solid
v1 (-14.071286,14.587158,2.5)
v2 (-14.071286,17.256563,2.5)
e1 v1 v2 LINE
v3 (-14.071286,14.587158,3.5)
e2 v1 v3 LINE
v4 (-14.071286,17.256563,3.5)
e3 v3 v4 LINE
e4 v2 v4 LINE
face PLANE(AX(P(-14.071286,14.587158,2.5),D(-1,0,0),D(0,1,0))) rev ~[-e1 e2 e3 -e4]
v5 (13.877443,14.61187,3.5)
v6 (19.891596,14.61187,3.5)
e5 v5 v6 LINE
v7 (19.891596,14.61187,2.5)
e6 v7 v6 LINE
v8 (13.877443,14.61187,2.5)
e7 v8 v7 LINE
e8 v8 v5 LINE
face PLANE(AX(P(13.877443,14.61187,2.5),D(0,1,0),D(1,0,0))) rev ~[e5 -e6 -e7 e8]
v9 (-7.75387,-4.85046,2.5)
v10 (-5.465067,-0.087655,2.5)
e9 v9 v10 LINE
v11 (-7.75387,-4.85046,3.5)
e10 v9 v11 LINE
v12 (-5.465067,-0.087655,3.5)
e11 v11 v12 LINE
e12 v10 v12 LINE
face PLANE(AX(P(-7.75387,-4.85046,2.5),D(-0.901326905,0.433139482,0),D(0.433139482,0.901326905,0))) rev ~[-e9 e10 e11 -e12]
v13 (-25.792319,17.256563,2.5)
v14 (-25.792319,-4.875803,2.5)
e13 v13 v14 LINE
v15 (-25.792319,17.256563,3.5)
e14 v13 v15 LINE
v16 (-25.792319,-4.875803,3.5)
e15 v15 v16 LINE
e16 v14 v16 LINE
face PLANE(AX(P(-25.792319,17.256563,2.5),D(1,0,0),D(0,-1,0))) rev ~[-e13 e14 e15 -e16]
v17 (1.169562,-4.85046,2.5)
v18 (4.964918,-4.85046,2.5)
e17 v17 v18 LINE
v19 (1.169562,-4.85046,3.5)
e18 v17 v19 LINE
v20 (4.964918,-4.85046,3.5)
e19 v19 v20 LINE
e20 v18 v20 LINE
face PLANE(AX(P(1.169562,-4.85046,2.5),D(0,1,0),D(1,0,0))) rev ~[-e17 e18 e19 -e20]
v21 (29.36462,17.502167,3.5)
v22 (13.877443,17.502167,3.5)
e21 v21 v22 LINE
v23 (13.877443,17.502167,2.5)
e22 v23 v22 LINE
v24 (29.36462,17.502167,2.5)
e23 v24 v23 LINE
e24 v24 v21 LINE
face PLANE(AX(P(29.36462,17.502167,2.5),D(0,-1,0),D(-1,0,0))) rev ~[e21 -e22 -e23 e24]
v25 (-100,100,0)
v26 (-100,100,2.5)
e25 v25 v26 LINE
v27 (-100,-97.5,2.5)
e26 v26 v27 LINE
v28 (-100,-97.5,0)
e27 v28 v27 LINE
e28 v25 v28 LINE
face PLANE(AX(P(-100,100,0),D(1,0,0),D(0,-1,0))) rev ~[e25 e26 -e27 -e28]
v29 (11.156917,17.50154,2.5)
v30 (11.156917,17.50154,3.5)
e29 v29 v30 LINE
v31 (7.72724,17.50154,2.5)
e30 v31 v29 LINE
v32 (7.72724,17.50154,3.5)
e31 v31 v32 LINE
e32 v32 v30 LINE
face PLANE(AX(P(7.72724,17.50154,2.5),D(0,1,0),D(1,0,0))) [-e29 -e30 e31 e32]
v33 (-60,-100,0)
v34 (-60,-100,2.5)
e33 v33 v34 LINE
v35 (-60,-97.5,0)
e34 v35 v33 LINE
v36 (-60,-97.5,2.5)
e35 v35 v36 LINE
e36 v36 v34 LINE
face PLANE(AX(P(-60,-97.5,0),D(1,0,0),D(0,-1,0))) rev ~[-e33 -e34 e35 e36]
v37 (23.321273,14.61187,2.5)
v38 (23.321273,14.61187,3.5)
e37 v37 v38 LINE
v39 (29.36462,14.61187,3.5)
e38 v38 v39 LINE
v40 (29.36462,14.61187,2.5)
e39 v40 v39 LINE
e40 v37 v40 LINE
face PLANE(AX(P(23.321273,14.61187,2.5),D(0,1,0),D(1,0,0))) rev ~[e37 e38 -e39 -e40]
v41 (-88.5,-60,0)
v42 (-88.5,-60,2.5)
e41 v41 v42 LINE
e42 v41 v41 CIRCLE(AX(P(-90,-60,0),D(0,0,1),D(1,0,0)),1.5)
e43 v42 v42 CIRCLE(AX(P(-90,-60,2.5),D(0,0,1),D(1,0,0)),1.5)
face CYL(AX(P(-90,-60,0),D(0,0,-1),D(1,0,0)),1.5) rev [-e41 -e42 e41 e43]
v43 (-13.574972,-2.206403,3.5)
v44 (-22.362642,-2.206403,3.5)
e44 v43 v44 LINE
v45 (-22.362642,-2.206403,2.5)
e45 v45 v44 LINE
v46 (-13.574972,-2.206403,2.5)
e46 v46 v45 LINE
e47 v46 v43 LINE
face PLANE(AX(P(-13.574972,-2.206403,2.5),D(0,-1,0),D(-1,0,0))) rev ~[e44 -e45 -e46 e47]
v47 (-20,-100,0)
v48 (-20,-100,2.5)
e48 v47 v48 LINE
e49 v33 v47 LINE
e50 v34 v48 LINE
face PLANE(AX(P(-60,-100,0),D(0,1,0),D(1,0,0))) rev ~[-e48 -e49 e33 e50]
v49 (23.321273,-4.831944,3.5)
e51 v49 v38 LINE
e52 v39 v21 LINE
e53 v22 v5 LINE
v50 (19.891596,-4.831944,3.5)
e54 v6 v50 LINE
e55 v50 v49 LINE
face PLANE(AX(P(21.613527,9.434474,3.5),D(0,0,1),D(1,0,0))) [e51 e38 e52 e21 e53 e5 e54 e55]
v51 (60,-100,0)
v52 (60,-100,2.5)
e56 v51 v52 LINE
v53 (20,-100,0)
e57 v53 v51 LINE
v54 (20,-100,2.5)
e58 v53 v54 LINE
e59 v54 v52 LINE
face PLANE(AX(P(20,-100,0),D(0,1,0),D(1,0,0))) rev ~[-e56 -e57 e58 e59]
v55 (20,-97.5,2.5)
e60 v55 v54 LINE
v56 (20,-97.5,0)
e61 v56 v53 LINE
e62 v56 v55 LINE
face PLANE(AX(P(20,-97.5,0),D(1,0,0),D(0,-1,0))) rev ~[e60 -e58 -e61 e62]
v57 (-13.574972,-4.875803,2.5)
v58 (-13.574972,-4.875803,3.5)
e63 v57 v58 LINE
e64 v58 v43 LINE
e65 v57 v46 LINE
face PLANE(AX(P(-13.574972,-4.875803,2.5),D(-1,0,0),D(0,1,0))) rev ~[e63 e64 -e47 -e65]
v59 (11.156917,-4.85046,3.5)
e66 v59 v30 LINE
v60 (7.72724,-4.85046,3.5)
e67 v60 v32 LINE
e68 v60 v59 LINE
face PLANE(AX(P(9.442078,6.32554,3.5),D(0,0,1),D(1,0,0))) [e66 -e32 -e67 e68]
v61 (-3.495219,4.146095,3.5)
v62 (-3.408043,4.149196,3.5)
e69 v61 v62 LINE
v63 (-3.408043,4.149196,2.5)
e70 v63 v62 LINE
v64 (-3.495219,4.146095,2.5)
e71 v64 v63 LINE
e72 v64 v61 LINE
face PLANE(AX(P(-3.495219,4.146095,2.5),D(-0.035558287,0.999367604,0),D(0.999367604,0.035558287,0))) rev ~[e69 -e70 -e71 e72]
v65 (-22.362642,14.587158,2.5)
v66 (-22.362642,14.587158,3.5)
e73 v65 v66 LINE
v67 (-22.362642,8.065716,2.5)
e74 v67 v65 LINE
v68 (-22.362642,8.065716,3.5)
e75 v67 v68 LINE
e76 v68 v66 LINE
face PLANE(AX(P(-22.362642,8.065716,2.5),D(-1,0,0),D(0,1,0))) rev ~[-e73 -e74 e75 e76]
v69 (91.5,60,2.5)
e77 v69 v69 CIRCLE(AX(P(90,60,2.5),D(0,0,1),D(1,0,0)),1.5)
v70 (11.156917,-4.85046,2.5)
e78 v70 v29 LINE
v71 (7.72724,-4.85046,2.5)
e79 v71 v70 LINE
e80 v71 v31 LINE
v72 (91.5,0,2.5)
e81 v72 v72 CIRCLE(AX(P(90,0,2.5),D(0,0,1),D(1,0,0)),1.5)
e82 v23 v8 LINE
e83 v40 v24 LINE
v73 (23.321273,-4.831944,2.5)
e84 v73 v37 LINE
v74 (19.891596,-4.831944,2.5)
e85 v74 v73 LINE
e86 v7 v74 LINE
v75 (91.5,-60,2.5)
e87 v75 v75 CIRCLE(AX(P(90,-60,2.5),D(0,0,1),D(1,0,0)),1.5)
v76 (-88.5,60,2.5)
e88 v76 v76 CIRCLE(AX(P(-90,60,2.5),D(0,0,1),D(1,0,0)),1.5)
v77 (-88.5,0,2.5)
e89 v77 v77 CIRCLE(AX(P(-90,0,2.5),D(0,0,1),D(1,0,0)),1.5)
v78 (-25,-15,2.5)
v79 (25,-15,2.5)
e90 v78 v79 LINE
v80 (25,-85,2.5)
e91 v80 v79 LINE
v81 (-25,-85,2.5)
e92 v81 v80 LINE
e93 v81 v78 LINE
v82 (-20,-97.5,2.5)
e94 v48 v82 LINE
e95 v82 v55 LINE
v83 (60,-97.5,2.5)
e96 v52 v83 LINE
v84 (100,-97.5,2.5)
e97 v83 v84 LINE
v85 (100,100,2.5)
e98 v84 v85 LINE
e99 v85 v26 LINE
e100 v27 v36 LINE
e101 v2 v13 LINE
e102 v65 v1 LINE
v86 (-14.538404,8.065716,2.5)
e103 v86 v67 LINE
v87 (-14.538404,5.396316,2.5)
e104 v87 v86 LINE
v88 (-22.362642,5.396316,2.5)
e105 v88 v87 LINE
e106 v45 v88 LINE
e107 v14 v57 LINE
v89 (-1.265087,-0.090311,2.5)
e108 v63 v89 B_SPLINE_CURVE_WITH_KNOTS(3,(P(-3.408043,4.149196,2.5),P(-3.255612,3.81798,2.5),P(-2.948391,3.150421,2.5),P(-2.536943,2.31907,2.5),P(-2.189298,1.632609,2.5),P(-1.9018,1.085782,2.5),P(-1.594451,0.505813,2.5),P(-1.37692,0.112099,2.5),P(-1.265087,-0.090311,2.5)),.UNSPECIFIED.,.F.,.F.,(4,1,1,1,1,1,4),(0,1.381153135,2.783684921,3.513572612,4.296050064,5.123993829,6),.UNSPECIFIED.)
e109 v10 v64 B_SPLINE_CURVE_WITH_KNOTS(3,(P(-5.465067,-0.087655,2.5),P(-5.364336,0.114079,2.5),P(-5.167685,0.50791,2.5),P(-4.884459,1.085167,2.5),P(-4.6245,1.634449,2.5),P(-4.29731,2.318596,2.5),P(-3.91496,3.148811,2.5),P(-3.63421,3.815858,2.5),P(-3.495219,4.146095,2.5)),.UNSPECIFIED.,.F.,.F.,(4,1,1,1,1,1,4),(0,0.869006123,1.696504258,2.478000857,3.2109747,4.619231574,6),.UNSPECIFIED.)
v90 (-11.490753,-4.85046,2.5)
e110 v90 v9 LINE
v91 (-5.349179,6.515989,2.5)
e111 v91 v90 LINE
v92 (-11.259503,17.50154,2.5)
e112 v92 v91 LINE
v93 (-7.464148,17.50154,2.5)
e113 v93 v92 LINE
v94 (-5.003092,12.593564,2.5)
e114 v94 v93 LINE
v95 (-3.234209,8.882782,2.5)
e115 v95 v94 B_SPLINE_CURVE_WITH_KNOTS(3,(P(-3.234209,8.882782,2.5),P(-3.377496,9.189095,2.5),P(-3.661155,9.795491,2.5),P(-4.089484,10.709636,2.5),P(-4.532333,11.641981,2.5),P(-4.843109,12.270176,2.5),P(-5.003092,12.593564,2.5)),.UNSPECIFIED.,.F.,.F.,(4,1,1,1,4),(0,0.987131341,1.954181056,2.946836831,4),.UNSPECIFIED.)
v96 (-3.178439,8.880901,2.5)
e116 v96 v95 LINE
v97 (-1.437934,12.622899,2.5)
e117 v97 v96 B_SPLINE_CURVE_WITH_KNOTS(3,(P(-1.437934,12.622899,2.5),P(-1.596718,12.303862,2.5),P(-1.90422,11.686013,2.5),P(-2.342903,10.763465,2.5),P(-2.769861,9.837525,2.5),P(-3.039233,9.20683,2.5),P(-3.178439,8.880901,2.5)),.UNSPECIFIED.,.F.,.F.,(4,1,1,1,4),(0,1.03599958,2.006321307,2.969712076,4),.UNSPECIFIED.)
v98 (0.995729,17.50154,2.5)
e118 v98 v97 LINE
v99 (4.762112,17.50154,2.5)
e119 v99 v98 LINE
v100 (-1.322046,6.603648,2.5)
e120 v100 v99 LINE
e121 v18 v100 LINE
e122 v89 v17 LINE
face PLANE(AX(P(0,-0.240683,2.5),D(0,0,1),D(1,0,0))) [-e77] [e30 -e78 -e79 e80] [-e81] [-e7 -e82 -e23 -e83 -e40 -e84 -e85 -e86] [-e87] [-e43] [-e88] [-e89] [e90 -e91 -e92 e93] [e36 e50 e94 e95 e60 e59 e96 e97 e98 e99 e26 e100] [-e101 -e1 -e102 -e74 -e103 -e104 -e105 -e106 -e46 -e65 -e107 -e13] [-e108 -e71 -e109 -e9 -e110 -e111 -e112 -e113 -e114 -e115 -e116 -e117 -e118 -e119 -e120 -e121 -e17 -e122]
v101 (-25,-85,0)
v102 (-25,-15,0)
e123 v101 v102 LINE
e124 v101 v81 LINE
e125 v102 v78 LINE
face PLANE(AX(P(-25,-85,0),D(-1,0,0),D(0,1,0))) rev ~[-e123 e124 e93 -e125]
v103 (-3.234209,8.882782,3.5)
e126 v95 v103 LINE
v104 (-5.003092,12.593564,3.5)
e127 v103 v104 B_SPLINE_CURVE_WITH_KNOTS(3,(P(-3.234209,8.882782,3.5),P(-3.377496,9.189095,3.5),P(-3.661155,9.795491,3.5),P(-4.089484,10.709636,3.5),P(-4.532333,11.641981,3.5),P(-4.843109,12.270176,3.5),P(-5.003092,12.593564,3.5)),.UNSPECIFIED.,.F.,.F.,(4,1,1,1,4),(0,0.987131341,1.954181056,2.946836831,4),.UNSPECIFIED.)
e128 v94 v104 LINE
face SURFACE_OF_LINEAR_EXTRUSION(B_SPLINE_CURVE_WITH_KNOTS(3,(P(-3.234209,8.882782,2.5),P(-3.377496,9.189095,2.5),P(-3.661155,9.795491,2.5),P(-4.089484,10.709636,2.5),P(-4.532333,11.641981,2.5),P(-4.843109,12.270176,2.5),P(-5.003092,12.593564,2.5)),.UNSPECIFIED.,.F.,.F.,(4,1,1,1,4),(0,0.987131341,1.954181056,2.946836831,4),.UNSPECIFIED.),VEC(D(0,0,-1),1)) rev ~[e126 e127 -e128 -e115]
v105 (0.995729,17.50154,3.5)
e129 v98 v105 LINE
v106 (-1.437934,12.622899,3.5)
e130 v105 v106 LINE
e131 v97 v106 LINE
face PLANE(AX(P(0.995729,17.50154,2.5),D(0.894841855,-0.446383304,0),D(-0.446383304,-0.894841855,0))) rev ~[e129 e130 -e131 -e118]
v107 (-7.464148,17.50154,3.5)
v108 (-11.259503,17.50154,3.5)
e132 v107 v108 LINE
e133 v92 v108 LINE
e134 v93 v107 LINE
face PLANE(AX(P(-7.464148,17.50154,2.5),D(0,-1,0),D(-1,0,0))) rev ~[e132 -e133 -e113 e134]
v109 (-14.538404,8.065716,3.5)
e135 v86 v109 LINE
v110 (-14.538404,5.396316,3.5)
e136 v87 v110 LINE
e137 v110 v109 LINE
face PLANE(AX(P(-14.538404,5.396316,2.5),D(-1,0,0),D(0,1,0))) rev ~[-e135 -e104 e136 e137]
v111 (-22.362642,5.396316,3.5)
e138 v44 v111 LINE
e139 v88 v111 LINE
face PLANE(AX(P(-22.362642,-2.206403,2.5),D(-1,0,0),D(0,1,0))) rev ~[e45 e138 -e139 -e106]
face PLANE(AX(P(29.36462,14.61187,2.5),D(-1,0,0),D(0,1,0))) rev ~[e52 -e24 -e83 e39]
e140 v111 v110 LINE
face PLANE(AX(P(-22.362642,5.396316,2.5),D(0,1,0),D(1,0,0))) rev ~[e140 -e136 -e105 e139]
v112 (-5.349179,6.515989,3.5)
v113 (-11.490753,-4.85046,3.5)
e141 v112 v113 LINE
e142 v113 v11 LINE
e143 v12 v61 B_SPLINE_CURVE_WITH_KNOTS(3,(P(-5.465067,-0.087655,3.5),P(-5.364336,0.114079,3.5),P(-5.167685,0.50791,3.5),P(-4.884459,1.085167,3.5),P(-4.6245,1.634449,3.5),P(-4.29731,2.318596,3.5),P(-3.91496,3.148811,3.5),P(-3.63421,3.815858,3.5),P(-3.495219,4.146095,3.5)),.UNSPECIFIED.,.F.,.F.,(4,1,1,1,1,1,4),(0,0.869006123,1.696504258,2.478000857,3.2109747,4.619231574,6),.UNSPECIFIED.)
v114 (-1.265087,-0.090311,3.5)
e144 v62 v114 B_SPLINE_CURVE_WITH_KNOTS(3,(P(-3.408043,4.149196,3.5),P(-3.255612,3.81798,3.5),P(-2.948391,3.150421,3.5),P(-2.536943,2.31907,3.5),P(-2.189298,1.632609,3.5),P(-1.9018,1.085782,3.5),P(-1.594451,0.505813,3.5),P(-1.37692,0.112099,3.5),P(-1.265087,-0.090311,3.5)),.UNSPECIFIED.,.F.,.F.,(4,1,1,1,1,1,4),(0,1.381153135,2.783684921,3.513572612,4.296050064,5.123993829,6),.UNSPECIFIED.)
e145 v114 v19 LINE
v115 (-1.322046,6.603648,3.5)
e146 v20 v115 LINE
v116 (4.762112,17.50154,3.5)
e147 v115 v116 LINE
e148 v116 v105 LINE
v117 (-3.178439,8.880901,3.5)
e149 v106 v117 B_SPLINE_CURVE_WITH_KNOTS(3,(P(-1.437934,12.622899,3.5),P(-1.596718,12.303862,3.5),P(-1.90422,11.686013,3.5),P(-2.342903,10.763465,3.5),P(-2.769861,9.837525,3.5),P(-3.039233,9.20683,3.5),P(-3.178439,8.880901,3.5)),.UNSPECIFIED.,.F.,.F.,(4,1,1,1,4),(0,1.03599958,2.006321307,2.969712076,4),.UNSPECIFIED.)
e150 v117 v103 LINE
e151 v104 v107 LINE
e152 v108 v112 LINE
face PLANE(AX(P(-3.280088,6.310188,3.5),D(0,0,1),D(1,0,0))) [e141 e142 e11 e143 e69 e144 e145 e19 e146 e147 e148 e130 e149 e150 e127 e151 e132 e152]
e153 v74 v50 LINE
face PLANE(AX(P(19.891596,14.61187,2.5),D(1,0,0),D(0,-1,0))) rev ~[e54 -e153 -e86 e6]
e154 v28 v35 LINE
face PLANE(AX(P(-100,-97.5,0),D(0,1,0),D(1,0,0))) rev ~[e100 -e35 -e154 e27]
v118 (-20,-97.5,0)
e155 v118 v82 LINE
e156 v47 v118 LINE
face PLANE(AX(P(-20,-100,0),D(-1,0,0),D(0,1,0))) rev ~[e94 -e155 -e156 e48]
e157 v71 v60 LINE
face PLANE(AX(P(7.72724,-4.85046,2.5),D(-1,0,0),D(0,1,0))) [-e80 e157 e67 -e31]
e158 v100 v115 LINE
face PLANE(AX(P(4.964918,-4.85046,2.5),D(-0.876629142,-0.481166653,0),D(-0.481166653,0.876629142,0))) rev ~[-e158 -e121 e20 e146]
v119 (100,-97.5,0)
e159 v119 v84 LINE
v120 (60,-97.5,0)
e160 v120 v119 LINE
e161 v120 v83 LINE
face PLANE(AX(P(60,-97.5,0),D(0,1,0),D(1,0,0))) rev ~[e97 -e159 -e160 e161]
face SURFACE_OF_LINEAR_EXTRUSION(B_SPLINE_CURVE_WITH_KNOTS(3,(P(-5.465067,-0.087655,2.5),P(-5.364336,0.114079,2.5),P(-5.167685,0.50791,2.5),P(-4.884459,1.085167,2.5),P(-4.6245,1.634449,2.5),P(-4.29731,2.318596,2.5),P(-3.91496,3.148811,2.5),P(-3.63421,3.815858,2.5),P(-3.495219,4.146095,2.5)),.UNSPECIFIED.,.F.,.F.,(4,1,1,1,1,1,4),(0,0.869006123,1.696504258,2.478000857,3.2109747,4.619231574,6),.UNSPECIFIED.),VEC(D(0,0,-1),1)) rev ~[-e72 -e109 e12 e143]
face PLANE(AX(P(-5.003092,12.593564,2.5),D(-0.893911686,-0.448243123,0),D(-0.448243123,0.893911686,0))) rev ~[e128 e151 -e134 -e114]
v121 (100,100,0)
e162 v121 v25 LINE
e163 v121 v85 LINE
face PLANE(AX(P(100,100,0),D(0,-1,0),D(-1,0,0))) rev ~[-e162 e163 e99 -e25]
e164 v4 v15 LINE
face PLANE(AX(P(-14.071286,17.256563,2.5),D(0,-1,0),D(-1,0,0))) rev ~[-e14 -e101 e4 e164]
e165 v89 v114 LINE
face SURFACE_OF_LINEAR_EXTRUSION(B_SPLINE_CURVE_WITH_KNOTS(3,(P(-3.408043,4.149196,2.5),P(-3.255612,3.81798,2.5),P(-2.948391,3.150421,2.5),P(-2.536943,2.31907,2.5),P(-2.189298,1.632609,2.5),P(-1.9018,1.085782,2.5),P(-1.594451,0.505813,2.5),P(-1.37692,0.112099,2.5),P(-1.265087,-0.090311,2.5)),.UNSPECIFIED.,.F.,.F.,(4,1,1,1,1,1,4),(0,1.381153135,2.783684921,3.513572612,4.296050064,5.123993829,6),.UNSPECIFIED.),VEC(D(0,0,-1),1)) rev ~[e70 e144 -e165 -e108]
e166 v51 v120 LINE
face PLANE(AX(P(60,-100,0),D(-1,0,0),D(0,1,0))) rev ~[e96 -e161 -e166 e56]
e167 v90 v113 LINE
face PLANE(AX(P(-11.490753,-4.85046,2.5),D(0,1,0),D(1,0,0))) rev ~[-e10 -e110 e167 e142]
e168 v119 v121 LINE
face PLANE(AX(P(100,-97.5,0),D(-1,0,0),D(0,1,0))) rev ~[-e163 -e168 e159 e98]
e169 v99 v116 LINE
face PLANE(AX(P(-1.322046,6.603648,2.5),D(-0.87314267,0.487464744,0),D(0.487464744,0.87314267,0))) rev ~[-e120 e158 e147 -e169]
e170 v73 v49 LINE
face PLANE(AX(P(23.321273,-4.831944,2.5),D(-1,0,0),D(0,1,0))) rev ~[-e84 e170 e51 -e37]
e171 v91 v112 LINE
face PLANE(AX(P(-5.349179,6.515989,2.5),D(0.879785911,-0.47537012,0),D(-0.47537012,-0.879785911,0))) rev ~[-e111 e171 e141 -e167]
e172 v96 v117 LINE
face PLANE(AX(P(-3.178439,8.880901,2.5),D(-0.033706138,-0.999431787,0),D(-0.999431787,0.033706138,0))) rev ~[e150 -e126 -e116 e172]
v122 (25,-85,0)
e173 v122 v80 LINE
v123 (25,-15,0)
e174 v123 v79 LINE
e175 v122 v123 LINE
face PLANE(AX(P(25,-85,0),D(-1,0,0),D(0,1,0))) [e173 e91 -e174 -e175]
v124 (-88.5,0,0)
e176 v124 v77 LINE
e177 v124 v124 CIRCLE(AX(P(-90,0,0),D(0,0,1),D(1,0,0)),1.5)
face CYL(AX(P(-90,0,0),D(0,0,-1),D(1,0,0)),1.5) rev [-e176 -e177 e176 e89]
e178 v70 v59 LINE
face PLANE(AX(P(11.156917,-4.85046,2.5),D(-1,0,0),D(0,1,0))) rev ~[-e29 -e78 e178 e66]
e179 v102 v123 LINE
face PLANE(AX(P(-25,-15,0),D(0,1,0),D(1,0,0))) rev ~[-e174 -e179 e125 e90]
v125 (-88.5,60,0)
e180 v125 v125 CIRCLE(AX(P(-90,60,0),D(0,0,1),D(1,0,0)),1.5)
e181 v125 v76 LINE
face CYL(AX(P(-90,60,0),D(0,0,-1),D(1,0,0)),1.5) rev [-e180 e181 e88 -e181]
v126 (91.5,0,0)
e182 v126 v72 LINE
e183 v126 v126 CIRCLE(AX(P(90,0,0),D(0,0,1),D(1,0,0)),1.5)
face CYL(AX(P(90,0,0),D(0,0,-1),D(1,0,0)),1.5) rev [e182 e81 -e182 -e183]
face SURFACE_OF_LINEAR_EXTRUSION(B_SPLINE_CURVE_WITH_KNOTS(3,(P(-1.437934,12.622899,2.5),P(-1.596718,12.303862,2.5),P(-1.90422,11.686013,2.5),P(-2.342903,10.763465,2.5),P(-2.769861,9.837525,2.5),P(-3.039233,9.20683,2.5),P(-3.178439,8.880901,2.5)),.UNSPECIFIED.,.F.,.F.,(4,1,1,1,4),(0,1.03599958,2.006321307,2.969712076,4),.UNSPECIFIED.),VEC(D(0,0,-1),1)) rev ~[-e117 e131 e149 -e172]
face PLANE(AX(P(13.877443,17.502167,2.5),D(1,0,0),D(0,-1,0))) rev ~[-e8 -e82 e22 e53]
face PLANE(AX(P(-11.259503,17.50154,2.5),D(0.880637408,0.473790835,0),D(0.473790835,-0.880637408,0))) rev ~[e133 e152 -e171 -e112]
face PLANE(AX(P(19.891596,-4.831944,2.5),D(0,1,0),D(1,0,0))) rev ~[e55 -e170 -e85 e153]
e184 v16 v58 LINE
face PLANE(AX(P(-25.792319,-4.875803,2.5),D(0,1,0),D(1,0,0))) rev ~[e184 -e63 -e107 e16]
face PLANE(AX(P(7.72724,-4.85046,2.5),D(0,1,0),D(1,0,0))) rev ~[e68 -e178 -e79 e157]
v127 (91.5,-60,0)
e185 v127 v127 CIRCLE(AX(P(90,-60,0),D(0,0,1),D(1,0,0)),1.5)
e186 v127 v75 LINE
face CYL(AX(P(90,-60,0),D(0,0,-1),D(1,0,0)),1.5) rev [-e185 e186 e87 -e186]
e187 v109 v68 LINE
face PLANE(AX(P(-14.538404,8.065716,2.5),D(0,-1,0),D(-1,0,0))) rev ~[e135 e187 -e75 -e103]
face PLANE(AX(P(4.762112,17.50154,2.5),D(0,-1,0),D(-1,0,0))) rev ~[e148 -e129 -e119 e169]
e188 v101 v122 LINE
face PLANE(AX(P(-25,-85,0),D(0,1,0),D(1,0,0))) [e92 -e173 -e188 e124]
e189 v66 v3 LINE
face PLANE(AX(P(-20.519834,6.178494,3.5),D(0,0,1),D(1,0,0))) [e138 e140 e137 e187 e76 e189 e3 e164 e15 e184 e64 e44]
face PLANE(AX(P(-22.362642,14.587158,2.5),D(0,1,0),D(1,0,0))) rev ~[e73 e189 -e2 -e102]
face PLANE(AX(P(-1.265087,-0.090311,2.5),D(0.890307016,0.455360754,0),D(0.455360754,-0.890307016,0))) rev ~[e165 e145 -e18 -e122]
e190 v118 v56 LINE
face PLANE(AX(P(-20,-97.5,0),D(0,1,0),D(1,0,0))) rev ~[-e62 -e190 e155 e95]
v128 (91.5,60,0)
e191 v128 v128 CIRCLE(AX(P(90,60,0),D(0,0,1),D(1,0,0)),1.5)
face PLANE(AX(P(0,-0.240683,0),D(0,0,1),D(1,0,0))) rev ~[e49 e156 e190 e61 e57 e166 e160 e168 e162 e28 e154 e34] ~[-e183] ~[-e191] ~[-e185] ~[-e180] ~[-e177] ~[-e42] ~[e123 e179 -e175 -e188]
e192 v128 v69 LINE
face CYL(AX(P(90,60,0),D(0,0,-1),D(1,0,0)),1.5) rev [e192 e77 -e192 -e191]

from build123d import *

# Parameters (mm, degrees)
SKETCH1_R           = 1.5
SKETCH1_W           = 50
SKETCH1_H           = 70
BOSS_EXTRUDE1_DEPTH = 2.5
SKETCH2_W           = 3.429676715
SKETCH2_H           = 22.352
BOSS_EXTRUDE2_DEPTH = 1


with BuildPart() as part:
    # Sketch1 → Boss-Extrude1 (new body)
    with BuildSketch(Plane.XY):
        Polygon((100, 100), (-100, 100), (-100, -97.5), (-60, -97.5), (-60, -100), (-20, -100), (-20, -97.5), (20, -97.5), (20, -100), (60, -100), (60, -97.5), (100, -97.5), align=None)
        with Locations((-90, -60)):
            Circle(SKETCH1_R, mode=Mode.SUBTRACT)
        with Locations((-90, 0)):
            Circle(SKETCH1_R, mode=Mode.SUBTRACT)
        with Locations((0, -50)):
            Rectangle(SKETCH1_W, SKETCH1_H, mode=Mode.SUBTRACT)
        with Locations((90, -60)):
            Circle(SKETCH1_R, mode=Mode.SUBTRACT)
        with Locations((90, 0)):
            Circle(SKETCH1_R, mode=Mode.SUBTRACT)
        with Locations((-90, 60)):
            Circle(SKETCH1_R, mode=Mode.SUBTRACT)
        with Locations((90, 60)):
            Circle(SKETCH1_R, mode=Mode.SUBTRACT)
    extrude(amount=BOSS_EXTRUDE1_DEPTH)

    # Sketch2 → Boss-Extrude2 (add)
    with BuildSketch(Plane.XY.offset(2.5)):
        Polygon((-13.574972078, -2.206402508), (-22.362641896, -2.206402508), (-22.362641896, 5.396315859), (-14.538404318, 5.396315859), (-14.538404318, 8.0657162), (-22.362641896, 8.0657162), (-22.362641896, 14.587158479), (-14.071285656, 14.587158479), (-14.071285656, 17.256562946), (-25.792318612, 17.256562946), (-25.792318612, -4.875802849), (-13.574972078, -4.875802849), align=None)
        with BuildLine():
            Line((-1.32204553, 6.603648154), (4.762112339, 17.501539559))
            Line((4.762112339, 17.501539559), (0.995728896, 17.501539559))
            Line((0.995728896, 17.501539559), (-1.437934251, 12.6228991))
            add(Edge.make_bspline(
                [(-1.437934251, 12.6228991), (-1.596718144, 12.303861859), (-1.904219722, 11.686012946), (-2.342902996, 10.763464709), (-2.769861176, 9.837525479), (-3.03923337, 9.20683016), (-3.17843881, 8.880901126)],
                knots=[0, 0, 0, 0, 1.03599958, 2.006321307, 2.969712076, 4, 4, 4, 4], degree=3))
            Line((-3.17843881, 8.880901126), (-3.234209432, 8.882782007))
            add(Edge.make_bspline(
                [(-3.234209432, 8.882782007), (-3.377496248, 9.189095467), (-3.661154937, 9.795490923), (-4.089483987, 10.709635801), (-4.532333468, 11.641980958), (-4.843108785, 12.270176419), (-5.003092207, 12.593563942)],
                knots=[0, 0, 0, 0, 0.987131341, 1.954181056, 2.946836831, 4, 4, 4, 4], degree=3))
            Line((-5.003092207, 12.593563942), (-7.46414776, 17.501539559))
            Line((-7.46414776, 17.501539559), (-11.259503382, 17.501539559))
            Line((-11.259503382, 17.501539559), (-5.349178596, 6.51598916))
            Line((-5.349178596, 6.51598916), (-11.490752858, -4.850460441))
            Line((-11.490752858, -4.850460441), (-7.753869563, -4.850460441))
            Line((-7.753869563, -4.850460441), (-5.465067317, -0.087655081))
            add(Edge.make_bspline(
                [(-5.465067317, -0.087655081), (-5.364335932, 0.114078616), (-5.167684585, 0.507910222), (-4.884459094, 1.085166952), (-4.624500068, 1.634448669), (-4.297310404, 2.31859573), (-3.914960495, 3.148810565), (-3.634210423, 3.815857985), (-3.495218913, 4.146094507)],
                knots=[0, 0, 0, 0, 0.869006123, 1.696504258, 2.478000857, 3.2109747, 4.619231574, 6, 6, 6, 6], degree=3))
            Line((-3.495218913, 4.146094507), (-3.408042514, 4.149196312))
            add(Edge.make_bspline(
                [(-3.408042514, 4.149196312), (-3.255611823, 3.817980032), (-2.94839099, 3.150420628), (-2.536943481, 2.319070478), (-2.189297936, 1.63260853), (-1.901799923, 1.085781735), (-1.594451142, 0.505813053), (-1.376920295, 0.112098507), (-1.265086983, -0.090311414)],
                knots=[0, 0, 0, 0, 1.381153135, 2.783684921, 3.513572612, 4.296050064, 5.123993829, 6, 6, 6, 6], degree=3))
            Line((-1.265086983, -0.090311414), (1.169561978, -4.850460441))
            Line((1.169561978, -4.850460441), (4.964917601, -4.850460441))
            Line((4.964917601, -4.850460441), (-1.32204553, 6.603648154))
        make_face()
        with Locations((9.442078464, 6.325539559)):
            Rectangle(SKETCH2_W, SKETCH2_H)
        Polygon((29.36462049, 17.50216652), (13.877443327, 17.50216652), (13.877443327, 14.611869802), (19.891596092, 14.611869802), (19.891596092, -4.831944479), (23.321272808, -4.831944479), (23.321272808, 14.611869802), (29.36462049, 14.611869802), align=None)
    extrude(amount=BOSS_EXTRUDE2_DEPTH)


solid = part.part
